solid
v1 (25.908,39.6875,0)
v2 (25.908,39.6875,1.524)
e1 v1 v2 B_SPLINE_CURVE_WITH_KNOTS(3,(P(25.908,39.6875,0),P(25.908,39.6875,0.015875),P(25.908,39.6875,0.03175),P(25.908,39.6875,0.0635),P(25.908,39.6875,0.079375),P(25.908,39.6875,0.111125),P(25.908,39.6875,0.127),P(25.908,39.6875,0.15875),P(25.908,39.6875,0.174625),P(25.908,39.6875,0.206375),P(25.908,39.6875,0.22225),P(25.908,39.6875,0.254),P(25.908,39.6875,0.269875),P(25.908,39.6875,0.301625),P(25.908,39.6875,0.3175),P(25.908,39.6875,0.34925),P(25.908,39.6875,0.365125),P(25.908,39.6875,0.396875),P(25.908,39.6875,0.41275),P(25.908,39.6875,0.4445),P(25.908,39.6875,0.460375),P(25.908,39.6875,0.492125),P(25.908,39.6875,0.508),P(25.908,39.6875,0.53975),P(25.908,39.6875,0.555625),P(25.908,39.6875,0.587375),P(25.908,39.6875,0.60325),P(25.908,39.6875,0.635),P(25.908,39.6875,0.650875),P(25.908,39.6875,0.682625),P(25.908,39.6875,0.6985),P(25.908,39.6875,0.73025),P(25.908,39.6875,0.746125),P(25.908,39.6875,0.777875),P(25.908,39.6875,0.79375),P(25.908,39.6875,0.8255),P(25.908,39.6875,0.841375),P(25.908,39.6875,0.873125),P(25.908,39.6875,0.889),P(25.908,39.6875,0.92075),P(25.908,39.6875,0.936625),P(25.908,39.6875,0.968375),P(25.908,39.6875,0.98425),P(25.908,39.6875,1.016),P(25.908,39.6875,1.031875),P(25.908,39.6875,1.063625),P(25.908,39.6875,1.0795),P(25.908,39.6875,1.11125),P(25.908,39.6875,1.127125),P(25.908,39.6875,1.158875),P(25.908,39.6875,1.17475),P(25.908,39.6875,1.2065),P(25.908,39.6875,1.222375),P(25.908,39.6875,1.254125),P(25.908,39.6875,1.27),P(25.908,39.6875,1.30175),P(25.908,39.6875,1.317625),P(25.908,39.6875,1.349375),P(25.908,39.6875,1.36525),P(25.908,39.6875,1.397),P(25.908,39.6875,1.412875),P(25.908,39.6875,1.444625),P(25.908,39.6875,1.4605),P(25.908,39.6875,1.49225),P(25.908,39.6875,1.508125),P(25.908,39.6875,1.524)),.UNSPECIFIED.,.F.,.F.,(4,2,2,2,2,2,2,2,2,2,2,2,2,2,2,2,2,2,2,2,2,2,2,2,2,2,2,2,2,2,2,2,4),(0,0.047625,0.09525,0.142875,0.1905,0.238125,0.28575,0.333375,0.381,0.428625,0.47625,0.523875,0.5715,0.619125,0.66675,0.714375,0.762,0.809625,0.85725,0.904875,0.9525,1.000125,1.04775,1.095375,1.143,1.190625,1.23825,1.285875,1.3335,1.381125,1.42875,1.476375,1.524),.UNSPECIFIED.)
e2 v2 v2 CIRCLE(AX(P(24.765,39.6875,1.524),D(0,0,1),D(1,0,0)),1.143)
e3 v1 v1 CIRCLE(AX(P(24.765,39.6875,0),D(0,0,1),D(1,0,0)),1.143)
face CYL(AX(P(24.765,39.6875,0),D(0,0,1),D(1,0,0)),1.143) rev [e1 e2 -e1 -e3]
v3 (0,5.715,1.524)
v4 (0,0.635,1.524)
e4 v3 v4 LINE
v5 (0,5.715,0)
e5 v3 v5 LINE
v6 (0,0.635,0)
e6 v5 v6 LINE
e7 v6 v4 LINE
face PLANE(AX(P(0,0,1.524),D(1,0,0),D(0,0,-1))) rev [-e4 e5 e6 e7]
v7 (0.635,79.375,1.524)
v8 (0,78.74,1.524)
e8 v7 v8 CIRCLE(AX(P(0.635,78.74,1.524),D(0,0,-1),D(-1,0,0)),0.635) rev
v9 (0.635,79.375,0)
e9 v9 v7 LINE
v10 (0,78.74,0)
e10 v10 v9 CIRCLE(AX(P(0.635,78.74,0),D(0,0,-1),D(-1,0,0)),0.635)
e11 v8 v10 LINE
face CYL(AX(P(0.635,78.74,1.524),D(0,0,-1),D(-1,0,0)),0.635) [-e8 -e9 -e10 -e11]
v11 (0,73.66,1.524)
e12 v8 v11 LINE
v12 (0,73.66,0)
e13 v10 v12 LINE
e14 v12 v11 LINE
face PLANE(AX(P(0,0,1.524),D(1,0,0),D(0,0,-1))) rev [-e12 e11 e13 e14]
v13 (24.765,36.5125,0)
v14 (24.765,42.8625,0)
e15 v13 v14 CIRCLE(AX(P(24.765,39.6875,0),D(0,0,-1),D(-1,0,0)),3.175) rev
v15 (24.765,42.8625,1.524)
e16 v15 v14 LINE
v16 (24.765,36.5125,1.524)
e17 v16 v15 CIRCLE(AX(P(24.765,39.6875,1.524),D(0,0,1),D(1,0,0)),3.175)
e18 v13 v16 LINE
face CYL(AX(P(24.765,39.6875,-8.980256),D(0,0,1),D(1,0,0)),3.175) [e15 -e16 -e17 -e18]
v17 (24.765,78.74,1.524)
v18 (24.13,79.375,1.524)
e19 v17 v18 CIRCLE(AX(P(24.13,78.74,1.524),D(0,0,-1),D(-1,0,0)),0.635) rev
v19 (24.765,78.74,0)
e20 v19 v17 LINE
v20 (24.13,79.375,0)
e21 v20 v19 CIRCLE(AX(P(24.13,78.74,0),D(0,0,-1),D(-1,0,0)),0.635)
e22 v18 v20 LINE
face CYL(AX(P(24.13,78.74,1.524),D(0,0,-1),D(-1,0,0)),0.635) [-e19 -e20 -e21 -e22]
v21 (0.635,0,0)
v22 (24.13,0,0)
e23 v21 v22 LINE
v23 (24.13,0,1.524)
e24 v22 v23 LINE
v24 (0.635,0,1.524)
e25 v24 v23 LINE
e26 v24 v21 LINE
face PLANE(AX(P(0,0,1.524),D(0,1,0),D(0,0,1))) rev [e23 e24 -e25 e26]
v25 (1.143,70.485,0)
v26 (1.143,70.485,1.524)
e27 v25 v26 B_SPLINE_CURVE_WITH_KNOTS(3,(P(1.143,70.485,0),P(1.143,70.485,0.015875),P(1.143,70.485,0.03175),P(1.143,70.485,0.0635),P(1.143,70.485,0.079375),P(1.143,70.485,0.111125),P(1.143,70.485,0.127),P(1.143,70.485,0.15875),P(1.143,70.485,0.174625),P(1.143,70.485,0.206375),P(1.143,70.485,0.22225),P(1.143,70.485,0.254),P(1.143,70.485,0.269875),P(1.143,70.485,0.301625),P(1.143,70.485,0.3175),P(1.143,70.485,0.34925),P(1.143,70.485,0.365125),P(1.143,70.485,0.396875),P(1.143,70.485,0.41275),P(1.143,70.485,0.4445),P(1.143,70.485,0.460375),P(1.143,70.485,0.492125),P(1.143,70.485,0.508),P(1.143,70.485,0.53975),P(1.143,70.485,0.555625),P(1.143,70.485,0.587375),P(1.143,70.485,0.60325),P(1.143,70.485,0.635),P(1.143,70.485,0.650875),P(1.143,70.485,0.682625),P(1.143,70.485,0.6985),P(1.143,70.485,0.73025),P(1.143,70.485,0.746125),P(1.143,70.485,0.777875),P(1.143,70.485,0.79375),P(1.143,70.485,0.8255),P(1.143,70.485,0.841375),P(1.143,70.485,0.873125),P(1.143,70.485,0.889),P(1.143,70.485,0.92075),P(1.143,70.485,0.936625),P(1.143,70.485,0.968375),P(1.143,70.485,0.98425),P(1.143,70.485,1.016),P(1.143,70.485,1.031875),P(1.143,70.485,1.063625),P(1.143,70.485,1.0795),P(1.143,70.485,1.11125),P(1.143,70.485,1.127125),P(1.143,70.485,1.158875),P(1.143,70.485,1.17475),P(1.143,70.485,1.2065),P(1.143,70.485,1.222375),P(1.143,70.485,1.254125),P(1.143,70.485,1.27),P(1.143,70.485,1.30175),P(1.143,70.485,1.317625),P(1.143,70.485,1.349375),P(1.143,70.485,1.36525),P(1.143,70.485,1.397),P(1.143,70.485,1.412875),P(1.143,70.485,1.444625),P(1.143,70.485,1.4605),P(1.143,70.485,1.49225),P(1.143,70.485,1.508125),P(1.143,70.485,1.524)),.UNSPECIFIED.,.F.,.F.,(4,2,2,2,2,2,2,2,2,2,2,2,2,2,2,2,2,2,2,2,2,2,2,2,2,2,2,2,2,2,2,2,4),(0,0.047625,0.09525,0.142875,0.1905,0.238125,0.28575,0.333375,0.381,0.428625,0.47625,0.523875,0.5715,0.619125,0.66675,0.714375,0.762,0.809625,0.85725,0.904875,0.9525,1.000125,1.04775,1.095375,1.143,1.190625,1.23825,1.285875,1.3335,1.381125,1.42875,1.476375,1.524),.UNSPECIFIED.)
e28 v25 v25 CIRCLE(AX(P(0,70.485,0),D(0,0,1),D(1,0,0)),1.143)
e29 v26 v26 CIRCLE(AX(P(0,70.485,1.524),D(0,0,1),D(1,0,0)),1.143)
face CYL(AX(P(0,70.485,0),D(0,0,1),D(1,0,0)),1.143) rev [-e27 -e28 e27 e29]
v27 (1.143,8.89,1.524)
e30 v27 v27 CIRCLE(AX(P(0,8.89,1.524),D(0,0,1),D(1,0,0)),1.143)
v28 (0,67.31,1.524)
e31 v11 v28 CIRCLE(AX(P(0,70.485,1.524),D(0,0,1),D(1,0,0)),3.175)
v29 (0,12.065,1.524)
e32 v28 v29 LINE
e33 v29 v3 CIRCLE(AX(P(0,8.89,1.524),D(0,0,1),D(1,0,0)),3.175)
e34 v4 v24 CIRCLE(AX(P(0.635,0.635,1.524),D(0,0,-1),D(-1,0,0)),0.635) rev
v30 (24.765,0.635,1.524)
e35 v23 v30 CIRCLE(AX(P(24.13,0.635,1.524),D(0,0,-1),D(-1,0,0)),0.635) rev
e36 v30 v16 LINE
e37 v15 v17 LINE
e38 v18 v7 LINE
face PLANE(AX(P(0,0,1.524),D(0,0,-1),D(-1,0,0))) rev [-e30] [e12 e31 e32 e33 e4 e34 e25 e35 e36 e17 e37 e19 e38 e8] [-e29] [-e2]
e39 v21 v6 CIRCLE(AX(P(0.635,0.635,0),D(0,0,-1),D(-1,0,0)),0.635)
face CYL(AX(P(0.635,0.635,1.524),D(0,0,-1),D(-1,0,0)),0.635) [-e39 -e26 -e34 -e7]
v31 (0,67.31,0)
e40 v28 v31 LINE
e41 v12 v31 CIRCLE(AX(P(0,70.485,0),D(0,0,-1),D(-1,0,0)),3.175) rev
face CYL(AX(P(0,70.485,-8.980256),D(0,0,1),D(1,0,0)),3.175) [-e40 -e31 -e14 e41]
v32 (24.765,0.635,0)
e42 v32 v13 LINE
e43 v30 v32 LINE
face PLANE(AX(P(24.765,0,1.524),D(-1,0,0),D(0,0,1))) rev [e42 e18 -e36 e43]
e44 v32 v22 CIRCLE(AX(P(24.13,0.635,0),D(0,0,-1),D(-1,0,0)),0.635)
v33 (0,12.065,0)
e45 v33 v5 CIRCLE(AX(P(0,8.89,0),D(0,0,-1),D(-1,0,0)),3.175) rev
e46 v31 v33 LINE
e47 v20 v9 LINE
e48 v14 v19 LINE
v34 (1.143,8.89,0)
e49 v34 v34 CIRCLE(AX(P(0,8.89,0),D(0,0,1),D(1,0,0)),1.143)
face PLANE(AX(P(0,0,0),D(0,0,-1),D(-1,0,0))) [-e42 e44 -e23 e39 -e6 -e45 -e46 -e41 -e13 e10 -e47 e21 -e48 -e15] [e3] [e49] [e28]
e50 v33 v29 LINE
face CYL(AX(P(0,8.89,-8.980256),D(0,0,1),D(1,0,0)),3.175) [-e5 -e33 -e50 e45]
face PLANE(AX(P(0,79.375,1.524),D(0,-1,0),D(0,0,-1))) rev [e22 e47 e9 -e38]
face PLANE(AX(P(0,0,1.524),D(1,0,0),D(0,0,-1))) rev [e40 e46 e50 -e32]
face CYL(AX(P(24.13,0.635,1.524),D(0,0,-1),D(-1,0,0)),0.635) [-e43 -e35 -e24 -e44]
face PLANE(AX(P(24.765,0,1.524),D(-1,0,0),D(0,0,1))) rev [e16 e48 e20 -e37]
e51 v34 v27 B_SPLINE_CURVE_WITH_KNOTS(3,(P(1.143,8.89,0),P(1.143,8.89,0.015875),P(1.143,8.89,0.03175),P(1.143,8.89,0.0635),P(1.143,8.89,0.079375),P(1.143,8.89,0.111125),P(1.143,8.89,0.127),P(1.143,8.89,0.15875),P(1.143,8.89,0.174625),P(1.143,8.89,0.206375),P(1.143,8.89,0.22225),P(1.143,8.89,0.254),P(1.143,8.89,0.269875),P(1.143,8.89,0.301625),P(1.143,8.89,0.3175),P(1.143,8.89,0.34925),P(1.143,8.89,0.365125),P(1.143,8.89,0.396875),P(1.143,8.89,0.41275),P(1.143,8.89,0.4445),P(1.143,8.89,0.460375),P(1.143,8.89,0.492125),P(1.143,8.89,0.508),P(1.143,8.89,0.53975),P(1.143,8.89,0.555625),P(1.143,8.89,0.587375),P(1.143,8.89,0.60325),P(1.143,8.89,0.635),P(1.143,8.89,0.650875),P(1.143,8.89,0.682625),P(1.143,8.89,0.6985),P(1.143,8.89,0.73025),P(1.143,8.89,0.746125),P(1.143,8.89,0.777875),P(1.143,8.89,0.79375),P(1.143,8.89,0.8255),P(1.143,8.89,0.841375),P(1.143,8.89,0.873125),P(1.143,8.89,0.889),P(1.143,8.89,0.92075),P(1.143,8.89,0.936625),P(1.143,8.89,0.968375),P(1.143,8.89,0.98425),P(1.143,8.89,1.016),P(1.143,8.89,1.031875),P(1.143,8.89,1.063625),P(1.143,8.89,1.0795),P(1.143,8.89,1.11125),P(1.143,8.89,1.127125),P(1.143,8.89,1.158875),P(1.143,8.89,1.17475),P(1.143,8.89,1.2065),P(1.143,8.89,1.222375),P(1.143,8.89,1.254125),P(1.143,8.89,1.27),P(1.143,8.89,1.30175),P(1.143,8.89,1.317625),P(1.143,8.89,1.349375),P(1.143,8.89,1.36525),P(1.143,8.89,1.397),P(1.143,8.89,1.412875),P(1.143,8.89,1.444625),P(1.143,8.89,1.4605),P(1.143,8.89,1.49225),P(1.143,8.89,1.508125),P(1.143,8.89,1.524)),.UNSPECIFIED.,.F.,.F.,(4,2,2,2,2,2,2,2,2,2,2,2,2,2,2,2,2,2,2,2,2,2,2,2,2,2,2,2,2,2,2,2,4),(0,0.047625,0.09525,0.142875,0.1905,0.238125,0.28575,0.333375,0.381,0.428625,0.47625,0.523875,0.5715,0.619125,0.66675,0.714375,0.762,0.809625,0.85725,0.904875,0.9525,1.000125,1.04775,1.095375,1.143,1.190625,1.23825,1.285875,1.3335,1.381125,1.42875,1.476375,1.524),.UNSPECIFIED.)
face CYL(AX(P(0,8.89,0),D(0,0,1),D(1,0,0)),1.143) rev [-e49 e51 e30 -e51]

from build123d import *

# Parameters (mm, degrees)
SKETCH1_W           = 24.765
SKETCH1_H           = 79.375
BOSS_EXTRUDE1_DEPTH = 1.524
SKETCH2_R           = 3.175
BOSS_EXTRUDE2_DEPTH = 1.524
SKETCH3_R           = 1.143
CUT_EXTRUDE1_DEPTH  = 85.162680572
FILLET1_R           = 0.635


with BuildPart() as part:
    # Sketch1 → Boss-Extrude1 (new body)
    with BuildSketch(Plane.XY):
        with Locations((12.3825, 39.6875)):
            Rectangle(SKETCH1_W, SKETCH1_H)
    extrude(amount=BOSS_EXTRUDE1_DEPTH)

    # Sketch2 → Boss-Extrude2 (add)
    with BuildSketch(Plane.XY.offset(1.524)):
        with Locations((0, 8.89)):
            Circle(SKETCH2_R)
        with Locations((24.765, 39.6875)):
            Circle(SKETCH2_R)
        with Locations((0, 70.485)):
            Circle(SKETCH2_R)
    extrude(amount=-BOSS_EXTRUDE2_DEPTH)

    # Sketch3 → Cut-Extrude1 (cut, through all)
    with BuildSketch(Plane.XY.offset(1.524)):
        with Locations((0, 8.89)):
            Circle(SKETCH3_R)
        with Locations((24.765, 39.6875)):
            Circle(SKETCH3_R)
        with Locations((0, 70.485)):
            Circle(SKETCH3_R)
    extrude(amount=-CUT_EXTRUDE1_DEPTH, mode=Mode.SUBTRACT)

    # Fillet1
    fillet1_edges = [part.edges().sort_by_distance(p)[0] for p in [
        (0, 79.375, 0.762),
        (24.765, 79.375, 0.762),
        (24.765, 0, 0.762),
        (0, 0, 0.762),
    ]]
    fillet(fillet1_edges, radius=FILLET1_R)


solid = part.part
